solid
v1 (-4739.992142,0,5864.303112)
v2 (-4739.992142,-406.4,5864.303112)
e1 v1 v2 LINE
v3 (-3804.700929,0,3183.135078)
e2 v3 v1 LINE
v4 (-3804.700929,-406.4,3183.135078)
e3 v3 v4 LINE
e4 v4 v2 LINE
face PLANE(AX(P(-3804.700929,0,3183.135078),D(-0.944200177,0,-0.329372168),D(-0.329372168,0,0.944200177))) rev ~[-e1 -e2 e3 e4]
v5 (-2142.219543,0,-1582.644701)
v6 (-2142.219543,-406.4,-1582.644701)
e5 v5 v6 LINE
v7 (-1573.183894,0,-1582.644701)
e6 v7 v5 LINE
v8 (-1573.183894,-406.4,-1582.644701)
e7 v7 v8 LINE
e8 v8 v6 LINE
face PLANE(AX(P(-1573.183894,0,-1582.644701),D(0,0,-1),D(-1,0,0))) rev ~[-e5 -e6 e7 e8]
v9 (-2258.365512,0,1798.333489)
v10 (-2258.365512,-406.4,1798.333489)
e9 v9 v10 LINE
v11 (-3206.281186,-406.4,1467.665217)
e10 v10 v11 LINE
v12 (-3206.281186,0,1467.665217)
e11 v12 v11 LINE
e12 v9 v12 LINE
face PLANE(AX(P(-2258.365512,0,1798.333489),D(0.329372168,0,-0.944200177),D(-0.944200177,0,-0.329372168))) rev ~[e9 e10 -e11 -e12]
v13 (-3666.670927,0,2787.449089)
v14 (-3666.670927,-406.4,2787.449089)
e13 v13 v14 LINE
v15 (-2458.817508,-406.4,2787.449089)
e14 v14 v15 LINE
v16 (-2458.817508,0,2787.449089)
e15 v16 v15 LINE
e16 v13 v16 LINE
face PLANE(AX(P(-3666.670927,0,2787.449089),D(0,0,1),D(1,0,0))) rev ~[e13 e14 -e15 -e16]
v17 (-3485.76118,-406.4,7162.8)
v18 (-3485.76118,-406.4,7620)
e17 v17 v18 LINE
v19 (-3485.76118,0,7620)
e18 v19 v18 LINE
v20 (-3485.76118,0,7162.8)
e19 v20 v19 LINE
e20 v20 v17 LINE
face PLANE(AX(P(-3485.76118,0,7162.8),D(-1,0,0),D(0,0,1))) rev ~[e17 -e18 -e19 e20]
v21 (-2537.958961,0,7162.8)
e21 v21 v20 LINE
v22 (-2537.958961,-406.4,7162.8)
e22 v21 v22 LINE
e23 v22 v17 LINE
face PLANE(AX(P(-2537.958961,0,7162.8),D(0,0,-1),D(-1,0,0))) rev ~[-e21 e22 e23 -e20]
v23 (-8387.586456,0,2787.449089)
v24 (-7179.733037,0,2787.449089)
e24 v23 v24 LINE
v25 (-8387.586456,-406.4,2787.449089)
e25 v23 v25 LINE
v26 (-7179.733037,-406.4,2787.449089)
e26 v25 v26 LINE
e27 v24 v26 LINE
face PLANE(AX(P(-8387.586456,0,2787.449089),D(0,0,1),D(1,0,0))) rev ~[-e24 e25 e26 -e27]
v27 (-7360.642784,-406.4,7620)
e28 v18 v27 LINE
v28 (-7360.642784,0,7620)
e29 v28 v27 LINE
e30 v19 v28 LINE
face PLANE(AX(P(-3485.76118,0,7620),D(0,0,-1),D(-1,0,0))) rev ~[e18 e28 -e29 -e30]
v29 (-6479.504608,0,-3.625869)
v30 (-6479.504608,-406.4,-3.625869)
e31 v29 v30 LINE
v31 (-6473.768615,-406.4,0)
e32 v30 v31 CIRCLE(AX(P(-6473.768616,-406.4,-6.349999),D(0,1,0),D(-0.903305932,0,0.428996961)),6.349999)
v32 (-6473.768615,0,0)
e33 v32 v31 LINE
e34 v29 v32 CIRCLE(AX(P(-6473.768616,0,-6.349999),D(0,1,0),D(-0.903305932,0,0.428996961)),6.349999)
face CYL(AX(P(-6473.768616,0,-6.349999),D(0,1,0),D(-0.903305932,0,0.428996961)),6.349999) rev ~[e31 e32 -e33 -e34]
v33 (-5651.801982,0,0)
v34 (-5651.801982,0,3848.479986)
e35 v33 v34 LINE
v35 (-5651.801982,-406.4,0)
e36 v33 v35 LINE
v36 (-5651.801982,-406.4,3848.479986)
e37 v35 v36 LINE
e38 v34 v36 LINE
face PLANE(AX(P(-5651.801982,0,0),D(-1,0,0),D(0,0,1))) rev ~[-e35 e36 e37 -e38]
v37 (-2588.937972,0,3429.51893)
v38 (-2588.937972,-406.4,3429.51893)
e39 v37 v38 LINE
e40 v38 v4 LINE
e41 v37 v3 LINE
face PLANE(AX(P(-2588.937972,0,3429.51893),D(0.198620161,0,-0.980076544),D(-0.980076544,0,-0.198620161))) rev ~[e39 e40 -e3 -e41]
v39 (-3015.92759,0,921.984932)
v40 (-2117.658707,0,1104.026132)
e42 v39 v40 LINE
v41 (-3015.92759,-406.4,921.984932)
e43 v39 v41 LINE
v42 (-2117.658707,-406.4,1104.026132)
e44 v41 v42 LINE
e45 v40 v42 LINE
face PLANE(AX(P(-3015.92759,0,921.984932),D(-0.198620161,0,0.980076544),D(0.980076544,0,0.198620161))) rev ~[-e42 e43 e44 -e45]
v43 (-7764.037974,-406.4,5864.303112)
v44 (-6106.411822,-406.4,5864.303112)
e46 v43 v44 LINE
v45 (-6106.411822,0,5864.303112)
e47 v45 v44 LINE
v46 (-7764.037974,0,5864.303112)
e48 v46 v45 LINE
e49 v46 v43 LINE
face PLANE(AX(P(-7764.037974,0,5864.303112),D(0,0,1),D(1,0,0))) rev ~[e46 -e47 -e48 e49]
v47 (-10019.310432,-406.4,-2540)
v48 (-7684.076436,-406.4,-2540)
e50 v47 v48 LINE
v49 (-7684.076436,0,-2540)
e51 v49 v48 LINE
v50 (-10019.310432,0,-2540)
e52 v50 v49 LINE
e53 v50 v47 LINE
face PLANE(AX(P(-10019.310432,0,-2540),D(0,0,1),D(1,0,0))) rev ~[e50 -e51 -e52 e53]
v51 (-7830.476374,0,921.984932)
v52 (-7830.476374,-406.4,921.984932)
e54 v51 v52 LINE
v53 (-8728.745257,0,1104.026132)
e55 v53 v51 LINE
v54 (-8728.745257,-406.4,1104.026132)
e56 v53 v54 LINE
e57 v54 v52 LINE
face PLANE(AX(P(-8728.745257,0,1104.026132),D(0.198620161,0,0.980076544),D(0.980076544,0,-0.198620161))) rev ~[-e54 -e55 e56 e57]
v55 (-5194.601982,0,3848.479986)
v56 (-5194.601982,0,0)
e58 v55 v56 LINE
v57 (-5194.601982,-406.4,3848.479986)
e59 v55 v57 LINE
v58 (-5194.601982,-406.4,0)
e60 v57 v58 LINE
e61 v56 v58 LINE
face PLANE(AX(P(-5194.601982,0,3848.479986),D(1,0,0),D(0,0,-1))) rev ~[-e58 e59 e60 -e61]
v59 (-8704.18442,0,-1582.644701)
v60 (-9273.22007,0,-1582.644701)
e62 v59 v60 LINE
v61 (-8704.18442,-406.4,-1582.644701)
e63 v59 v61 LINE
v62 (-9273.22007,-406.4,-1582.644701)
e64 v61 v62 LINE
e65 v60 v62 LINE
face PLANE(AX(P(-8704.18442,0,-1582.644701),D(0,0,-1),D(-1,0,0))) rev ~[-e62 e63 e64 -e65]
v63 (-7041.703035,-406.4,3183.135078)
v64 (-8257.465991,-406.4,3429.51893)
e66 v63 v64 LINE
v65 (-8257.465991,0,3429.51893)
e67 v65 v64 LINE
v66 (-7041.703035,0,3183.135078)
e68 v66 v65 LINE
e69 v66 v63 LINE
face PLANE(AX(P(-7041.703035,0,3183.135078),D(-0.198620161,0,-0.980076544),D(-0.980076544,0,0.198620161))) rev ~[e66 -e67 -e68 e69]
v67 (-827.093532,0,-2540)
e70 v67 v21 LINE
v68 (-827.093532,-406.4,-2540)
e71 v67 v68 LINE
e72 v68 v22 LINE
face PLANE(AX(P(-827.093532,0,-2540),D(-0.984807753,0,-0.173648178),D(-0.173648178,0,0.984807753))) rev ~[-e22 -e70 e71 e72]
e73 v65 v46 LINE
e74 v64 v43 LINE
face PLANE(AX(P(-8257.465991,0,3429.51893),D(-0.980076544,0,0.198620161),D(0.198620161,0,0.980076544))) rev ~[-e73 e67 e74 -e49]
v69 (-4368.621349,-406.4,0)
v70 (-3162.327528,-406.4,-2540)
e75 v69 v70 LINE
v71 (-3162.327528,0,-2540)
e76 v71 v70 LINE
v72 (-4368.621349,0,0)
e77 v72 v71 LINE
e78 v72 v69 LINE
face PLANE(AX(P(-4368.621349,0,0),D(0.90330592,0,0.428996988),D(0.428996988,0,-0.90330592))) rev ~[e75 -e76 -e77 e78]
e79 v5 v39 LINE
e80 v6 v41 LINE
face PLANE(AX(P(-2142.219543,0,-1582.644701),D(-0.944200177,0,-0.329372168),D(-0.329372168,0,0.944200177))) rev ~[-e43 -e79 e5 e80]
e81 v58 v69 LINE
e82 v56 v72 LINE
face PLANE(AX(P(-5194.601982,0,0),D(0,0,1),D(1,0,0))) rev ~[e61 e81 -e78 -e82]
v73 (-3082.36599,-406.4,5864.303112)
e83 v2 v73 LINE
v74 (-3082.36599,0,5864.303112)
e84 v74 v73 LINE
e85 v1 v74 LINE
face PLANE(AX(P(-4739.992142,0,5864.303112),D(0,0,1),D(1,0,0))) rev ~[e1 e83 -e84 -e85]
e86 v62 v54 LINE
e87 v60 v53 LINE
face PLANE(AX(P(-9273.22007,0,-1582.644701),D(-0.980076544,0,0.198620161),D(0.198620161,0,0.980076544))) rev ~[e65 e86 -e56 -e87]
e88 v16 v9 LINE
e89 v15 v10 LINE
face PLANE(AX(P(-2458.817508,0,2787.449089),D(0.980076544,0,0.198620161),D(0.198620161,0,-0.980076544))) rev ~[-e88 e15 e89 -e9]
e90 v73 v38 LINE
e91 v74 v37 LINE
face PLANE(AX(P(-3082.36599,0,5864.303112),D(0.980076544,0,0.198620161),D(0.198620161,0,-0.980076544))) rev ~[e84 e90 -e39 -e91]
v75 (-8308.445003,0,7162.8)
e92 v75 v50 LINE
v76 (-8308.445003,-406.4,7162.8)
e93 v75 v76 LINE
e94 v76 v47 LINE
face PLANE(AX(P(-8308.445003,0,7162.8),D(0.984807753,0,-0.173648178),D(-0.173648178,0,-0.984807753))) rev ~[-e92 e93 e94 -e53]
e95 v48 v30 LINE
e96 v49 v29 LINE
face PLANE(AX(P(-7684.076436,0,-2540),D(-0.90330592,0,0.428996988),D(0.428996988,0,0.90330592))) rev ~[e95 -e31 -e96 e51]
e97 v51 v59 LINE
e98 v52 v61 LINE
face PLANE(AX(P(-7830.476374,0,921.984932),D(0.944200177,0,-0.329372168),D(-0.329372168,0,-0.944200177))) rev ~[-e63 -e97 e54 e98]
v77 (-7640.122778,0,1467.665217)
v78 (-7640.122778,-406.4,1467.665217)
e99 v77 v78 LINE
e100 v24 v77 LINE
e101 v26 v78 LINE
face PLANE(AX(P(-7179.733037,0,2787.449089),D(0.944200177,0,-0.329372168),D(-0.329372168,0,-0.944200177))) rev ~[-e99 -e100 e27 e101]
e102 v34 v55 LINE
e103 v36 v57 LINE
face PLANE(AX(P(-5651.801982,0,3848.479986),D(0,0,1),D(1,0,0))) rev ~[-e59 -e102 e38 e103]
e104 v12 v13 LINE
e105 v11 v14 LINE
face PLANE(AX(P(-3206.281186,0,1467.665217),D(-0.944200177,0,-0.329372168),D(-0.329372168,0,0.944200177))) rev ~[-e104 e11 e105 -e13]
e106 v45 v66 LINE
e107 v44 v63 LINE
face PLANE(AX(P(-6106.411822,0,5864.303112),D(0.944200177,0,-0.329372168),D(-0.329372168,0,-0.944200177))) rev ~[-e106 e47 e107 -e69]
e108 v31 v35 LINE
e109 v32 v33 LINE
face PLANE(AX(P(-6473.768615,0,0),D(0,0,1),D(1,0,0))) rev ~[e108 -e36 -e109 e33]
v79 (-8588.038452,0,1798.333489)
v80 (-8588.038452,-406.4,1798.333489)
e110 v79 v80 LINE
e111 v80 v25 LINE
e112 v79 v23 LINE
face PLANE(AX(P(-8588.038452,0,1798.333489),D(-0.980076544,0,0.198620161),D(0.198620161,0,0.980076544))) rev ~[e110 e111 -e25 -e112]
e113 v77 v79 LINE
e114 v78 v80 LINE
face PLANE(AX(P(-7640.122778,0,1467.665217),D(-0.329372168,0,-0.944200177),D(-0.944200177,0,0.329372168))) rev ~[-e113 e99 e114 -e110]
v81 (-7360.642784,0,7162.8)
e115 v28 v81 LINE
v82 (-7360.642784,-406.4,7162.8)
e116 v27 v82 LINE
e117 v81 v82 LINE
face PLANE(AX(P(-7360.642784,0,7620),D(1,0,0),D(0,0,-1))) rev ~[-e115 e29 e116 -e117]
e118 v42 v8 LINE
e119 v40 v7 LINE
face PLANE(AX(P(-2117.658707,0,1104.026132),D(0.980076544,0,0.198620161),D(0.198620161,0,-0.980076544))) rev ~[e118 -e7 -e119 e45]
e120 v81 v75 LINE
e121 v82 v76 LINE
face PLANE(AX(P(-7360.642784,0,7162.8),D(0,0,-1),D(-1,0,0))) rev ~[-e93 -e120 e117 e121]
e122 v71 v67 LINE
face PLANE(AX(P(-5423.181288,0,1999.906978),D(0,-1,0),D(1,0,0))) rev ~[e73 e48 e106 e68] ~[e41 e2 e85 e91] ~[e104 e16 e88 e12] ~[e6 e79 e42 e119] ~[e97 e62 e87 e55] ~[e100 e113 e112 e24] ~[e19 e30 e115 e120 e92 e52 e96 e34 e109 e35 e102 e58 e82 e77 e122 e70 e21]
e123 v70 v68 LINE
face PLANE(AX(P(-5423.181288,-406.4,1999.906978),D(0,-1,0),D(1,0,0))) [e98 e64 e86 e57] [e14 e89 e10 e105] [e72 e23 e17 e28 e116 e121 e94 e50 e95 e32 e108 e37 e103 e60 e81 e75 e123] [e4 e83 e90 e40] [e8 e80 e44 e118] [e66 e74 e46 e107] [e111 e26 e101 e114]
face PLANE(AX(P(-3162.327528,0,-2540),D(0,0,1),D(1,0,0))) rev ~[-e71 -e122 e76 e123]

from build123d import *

# Parameters (mm, degrees)
F1_DEPTH = 406.4


with BuildPart() as f1:
    # F0 (on Front) → F1 (new body)
    with BuildSketch(Plane.XZ):
        with BuildLine():
            Line((-8308.445003, 7162.8), (-10019.310432, -2540))
            Line((-10019.310432, -2540), (-7684.076436, -2540))
            Line((-7684.076436, -2540), (-6479.504608, -3.625869))
            ThreePointArc((-6479.504608, -3.625869), (-6477.161569, -0.982471), (-6473.768615, 0))
            Line((-6473.768615, 0), (-5651.801982, 0))
            Line((-5651.801982, 0), (-5651.801982, 3848.479986))
            Line((-5651.801982, 3848.479986), (-5194.601982, 3848.479986))
            Line((-5194.601982, 3848.479986), (-5194.601982, 0))
            Line((-5194.601982, 0), (-4368.621349, 0))
            Line((-4368.621349, 0), (-3162.327528, -2540))
            Line((-3162.327528, -2540), (-827.093532, -2540))
            Line((-827.093532, -2540), (-2537.958961, 7162.8))
            Line((-2537.958961, 7162.8), (-3485.76118, 7162.8))
            Line((-3485.76118, 7162.8), (-3485.76118, 7620))
            Line((-3485.76118, 7620), (-7360.642784, 7620))
            Line((-7360.642784, 7620), (-7360.642784, 7162.8))
            Line((-7360.642784, 7162.8), (-8308.445003, 7162.8))
        make_face()
        Polygon((-7830.476374, 921.984932), (-8704.18442, -1582.644701), (-9273.22007, -1582.644701), (-8728.745257, 1104.026132), align=None, mode=Mode.SUBTRACT)
        Polygon((-8588.038452, 1798.333489), (-8387.586456, 2787.449089), (-7179.733037, 2787.449089), (-7640.122778, 1467.665217), align=None, mode=Mode.SUBTRACT)
        Polygon((-2117.658707, 1104.026132), (-1573.183894, -1582.644701), (-2142.219543, -1582.644701), (-3015.92759, 921.984932), align=None, mode=Mode.SUBTRACT)
        Polygon((-3666.670927, 2787.449089), (-2458.817508, 2787.449089), (-2258.365512, 1798.333489), (-3206.281186, 1467.665217), align=None, mode=Mode.SUBTRACT)
        Polygon((-7764.037974, 5864.303112), (-6106.411822, 5864.303112), (-7041.703035, 3183.135078), (-8257.465991, 3429.51893), align=None, mode=Mode.SUBTRACT)
        Polygon((-4739.992142, 5864.303112), (-3082.36599, 5864.303112), (-2588.937972, 3429.51893), (-3804.700929, 3183.135078), align=None, mode=Mode.SUBTRACT)
    extrude(amount=F1_DEPTH)


solid = f1.part
